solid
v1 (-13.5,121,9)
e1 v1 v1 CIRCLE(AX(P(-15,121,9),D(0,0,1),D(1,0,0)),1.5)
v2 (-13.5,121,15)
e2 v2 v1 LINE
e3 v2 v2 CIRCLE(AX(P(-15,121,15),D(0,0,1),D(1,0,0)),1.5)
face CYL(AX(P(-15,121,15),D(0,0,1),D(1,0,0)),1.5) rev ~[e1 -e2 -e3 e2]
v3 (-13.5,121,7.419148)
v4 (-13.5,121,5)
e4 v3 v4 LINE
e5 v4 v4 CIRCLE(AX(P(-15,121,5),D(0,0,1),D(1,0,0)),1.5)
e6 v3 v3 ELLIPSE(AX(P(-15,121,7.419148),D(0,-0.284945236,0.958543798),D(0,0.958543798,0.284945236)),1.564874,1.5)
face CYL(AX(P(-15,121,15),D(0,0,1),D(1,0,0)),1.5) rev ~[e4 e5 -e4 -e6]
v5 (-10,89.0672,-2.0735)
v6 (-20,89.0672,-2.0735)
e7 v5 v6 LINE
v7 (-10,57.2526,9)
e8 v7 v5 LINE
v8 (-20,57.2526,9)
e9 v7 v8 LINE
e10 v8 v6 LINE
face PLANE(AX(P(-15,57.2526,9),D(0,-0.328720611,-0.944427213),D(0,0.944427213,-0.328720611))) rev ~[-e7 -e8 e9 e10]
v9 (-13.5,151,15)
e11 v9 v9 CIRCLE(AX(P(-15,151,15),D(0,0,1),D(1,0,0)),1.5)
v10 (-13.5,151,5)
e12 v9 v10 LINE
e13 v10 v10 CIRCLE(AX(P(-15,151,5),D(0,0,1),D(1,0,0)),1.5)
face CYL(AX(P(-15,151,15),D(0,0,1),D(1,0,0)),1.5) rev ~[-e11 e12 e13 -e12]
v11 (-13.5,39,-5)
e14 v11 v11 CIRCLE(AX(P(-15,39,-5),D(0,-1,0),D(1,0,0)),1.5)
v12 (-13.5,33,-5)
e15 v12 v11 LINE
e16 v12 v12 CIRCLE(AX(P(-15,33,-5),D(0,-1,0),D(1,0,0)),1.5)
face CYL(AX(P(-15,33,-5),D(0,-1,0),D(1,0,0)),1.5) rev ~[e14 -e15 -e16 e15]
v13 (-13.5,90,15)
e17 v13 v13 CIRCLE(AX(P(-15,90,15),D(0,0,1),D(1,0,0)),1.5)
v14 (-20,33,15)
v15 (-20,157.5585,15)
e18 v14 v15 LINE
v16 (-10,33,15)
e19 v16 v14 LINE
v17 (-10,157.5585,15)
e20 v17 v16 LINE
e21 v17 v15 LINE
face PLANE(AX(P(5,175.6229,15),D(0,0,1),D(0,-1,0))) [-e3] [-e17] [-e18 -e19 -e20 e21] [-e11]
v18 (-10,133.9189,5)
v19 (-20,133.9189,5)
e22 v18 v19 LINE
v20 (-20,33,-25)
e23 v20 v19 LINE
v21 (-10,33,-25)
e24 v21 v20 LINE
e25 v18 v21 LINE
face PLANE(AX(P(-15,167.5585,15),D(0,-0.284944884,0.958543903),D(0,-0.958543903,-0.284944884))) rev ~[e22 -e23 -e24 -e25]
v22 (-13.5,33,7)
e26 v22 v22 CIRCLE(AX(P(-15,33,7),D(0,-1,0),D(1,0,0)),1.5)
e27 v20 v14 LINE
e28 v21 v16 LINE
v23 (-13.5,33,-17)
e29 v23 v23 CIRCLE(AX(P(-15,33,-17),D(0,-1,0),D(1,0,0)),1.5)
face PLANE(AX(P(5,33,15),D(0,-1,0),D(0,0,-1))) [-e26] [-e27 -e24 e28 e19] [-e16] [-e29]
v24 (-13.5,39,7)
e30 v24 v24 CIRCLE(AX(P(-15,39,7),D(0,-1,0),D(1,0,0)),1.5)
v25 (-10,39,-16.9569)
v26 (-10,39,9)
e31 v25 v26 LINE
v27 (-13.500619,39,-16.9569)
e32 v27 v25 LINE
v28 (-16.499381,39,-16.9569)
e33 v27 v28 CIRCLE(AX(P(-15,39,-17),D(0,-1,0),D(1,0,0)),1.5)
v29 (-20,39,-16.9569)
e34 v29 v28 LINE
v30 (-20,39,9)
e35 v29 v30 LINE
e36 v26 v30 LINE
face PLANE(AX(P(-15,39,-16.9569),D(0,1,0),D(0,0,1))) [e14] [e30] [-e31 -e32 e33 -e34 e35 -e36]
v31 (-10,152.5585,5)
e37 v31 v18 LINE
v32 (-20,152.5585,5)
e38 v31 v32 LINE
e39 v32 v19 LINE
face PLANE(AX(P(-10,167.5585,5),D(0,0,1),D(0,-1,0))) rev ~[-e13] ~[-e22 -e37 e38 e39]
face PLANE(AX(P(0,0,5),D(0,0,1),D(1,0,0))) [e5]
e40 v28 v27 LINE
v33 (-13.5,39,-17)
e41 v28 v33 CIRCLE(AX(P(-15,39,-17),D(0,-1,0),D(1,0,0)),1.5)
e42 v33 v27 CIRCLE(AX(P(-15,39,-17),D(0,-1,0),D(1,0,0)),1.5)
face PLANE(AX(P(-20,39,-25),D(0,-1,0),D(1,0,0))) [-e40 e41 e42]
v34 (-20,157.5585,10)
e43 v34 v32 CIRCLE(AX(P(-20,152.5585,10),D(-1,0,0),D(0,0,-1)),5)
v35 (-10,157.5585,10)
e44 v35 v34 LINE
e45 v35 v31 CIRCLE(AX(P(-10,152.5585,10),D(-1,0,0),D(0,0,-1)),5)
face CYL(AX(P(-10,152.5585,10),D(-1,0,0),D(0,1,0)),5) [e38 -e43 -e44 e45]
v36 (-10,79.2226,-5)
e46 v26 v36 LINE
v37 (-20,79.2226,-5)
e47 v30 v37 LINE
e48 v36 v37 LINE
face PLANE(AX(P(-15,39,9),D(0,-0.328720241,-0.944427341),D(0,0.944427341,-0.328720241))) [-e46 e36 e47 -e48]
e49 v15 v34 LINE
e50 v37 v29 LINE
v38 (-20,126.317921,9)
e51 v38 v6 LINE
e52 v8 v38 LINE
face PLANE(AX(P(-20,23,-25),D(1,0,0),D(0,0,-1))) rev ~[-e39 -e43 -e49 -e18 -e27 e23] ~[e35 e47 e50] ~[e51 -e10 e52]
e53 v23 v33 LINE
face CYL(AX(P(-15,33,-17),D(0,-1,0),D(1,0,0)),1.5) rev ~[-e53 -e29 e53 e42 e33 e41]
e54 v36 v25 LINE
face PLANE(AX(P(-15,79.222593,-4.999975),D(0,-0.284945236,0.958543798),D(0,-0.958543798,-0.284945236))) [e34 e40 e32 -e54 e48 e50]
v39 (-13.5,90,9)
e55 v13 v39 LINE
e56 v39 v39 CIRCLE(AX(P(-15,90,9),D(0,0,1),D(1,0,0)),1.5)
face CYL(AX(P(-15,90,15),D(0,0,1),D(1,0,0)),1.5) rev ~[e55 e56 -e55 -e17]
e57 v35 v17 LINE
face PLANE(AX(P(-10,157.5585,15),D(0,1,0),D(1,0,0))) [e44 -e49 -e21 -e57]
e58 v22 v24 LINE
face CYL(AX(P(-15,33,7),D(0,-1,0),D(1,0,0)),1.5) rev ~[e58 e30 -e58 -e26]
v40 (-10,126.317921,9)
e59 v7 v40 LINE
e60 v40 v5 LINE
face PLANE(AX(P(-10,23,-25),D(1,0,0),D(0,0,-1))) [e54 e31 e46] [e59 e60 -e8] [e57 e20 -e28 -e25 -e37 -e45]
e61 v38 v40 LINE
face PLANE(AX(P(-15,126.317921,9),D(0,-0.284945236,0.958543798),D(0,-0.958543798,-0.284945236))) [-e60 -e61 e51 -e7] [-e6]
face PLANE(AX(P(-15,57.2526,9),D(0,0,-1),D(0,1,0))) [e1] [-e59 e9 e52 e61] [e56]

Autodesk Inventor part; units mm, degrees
ref_plane "YZ Plane" through (0, 0, 0) normal (1, 0, 0) x (0, 1, 0)
ref_plane "XZ Plane" through (0, 0, 0) normal (0, 1, 0) x (-1, 0, 0)
sketch "스케치1" plane through (0, 0, 0) normal (0, 0, 1) x (1, 0, 0)
  line L0 (-5, -33) -> (5, -33)
  line L1 (5, -33) -> (5, 33)
  line L2 (5, 33) -> (-5, 33)
  line L3 (-5, 33) -> (-5, -33)
  line L4 (-5, -33) -> (5, 33) construction
  line L5 (5, -33) -> (-5, 33) construction
  line L6 (-5, 33) -> (-35, 33)
  line L7 (-35, 33) -> (-35, 23)
  line L8 (-35, 23) -> (-5, 23)
  line L9 (-5, 23) -> (-5, 33)
  line L10 (0, 0) -> (-11.0402, 0)
  line L11 (-5, -33) -> (-35, -33)
  line L12 (-35, -33) -> (-35, -23)
  line L13 (-35, -23) -> (-5, -23)
  point P0 (-5, 23)
  point P1 (-5, -23)
  dimension "d0" = 66
  dimension "d1" = 10
  dimension "d2" = 10
  dimension "d3" = 30
extrude "돌출1" add sketch "스케치1" along normal mid plane 50
sketch "스케치2" plane through (0, 0, 25) normal (0, 0, 1) x (1, 0, 0)
  circle A0 centre (-15, 183) radius 14
  line L0 (-35, 33) -> (-35, 23) projected
  line L1 (-35, 33) -> (-28.9889, 183.5585)
  line L2 (5, 33) -> (-35, 33) projected
  line L3 (-15, 33) -> (-15, 183) construction
  line L4 (5, 33) -> (-1.0111, 183.5585)
  point P0 (0, 0)
  dimension "d6" = 28
  dimension "d7" = 150
extrude "돌출2" add sketch "스케치2" against normal blind 10
ref_plane "작업 평면1" through (-15, 23, -25) normal (-1, 0, 0) x (0, 0, 1)
sketch "스케치3" plane through (-15, 23, -25) normal (-1, 0, 0) x (0, 0, 1)
  line L0 (40, 160.5585) -> (40, 10) projected
  line L1 (0, 10) -> (40, 10) projected
  line L2 (40, 144.5585) -> (0, 10)
  line L3 (45.7513, 142.8488) -> (8.0431, 16)
  line L4 (8.0431, 16) -> (34, 16)
  line L5 (34, 16) -> (34, 160.5585)
  line L6 (34, 16) -> (20, 56.2226)
  line L7 (34, 34.2526) -> (22.9265, 66.0672)
  point P0 (25, -23)
  point P1 (34, 103.318)
  point P2 (34, 124.3747)
  point P3 (40, 123.5018)
  dimension "d10" = 16
  dimension "d11" = 6
  dimension "d12" = 6
extrude "돌출3" add sketch "스케치3" along normal mid plane 10 contours L0 L3 L5 L2 | L0 L1 L2 L5 L3 | L7 L5 L6 L3
sketch "스케치4" plane through (0, 0, 25) normal (0, 0, 1) x (1, 0, 0)
  line L0 (-35, 33) -> (-28.9889, 183.5585) projected
  line L1 (5, 33) -> (-1.0111, 183.5585) projected
  line L2 (-35, 33) -> (5, 33)
  arc A0 (-1.0111, 183.5585) -> (-28.9889, 183.5585) centre (-15, 183) ccw projected
  line L3 (-7.0064, 183.3192) -> (-1.2443, 39)
  line L4 (-1.2443, 39) -> (-28.7557, 39)
  line L5 (-28.7557, 39) -> (-22.9936, 183.3192)
  arc A1 (-7.0064, 183.3192) -> (-22.9936, 183.3192) centre (-15, 183) ccw
  line L6 (-1.2443, 39) -> (-27.6994, 65.4551)
  line L7 (-1.5972, 47.8382) -> (-27.3737, 73.6146)
  line L8 (-27.3737, 73.6146) -> (-3.5765, 97.4118)
  line L9 (-3.9022, 105.5713) -> (-27.0208, 82.4528)
  line L10 (-3.9022, 105.5713) -> (-25.2456, 126.9147)
  line L11 (-25.2456, 126.9147) -> (-5.5411, 146.6192)
  line L12 (-5.5411, 146.6192) -> (-23.7326, 164.8107)
  line L13 (-23.7326, 164.8107) -> (-6.2674, 164.8107)
  line L14 (-21.003, 131.1573) -> (-4.2551, 114.4095)
  line L15 (-15.2473, 164.8107) -> (-5.894, 155.4574)
  line L16 (-24.8927, 135.7528) -> (-9.7837, 150.8618)
  point P0 (0, 0)
  point P1 (-5.2153, 138.4597)
  dimension "d15" = 6
  dimension "d16" = 45
  dimension "d17" = 6
  dimension "d18" = 90
  dimension "d19" = 6
  dimension "d23" = 6
extrude "돌출4" cut sketch "스케치4" against normal blind 10 contours L3 L15 L13 | L12 L16 L5 | L3 L14 L11 | L10 L9 L5 | L3 L7 L8 | L6 L4 L5
sketch "스케치5" plane through (5, -33, -25) normal (1, 0, 0) x (0, 0, -1)
  line L0 (-118.3974, 269.5393) -> (141.4613, 269.5393)
  line L1 (141.4613, 269.5393) -> (141.4613, -32.7297)
  line L2 (141.4613, -32.7297) -> (-118.3974, -32.7297)
  line L3 (-118.3974, -32.7297) -> (-118.3974, 269.5393)
  line L4 (-40, 216.5585) -> (-40, 66) projected
  line L5 (-40, 66) -> (56.641, 66)
  line L6 (56.641, 66) -> (56.641, 208.6229)
  line L7 (56.641, 208.6229) -> (-40, 208.6229)
  line L8 (-40, 208.6229) -> (-40, 66)
  point P0 (-25, 33)
extrude "돌출5" cut sketch "스케치5" against normal blind 128.75
sketch "스케치6" plane through (-20, 33, -25) normal (0, -1, 0) x (1, 0, 0)
  circle A0 centre (5, 8) radius 1.5
  line L0 (0, 0) -> (10, 0) projected
  line L1 (10, 0) -> (10, 40) projected
  circle A1 centre (5, 20) radius 1.5
  circle A2 centre (5, 32) radius 1.5
  point P0 (20, 25)
  point P1 (5, 0)
  dimension "d27" = 3
  dimension "d28" = 8
  dimension "d31" = 12
extrude "돌출6" cut sketch "스케치6" against normal up to surface (6 mm away)
sketch "스케치7" plane through (-10, 23, -25) normal (1, 0, 0) x (0, 0, -1)
  line L0 (-40, 144.5585) -> (-30, 144.5585)
  line L1 (-30, 144.5585) -> (-30, 110.9189)
  line L2 (-40, 144.5585) -> (0, 10) projected
  point P0 (-25, -23)
  point P1 (-39.8767, 144.1437)
  dimension "d38" = 10
extrude "돌출7" add sketch "스케치7" against normal blind 10
sketch "스케치8" plane through (0, 0, 15) normal (0, 0, 1) x (1, 0, 0)
  circle A0 centre (-15, 90) radius 1.5
  circle A1 centre (-15, 121) radius 1.5
  circle A2 centre (-15, 151) radius 1.5
  line L0 (-10, 33) -> (-20, 33) projected
  line L1 (-10, 167.5585) -> (-20, 167.5585) projected
  point P0 (0, 0)
  point P1 (-15, 167.5585)
  dimension "d43" = 3
  dimension "d44" = 3
  dimension "d45" = 3
  dimension "d46" = 30
  dimension "d47" = 31
  dimension "d48" = 57
extrude "돌출8" cut sketch "스케치8" against normal blind 10
sketch "스케치9" plane through (-10, 167.5585, 15) normal (0, 1, 0) x (1, 0, 0)
  line L0 (0, 10) -> (0, 0) projected
  line L1 (0, 10) -> (-10, 10) projected
  line L2 (-10, 0) -> (-10, 10) projected
  line L3 (0, 0) -> (-10, 0) projected
  point P0 (10, 15)
extrude "돌출9" cut sketch "스케치9" against normal blind 10
fillet "모깎기3" radius 5 1 edges at (-15, 157.5585, 5)
properties part number "전체 형상"
